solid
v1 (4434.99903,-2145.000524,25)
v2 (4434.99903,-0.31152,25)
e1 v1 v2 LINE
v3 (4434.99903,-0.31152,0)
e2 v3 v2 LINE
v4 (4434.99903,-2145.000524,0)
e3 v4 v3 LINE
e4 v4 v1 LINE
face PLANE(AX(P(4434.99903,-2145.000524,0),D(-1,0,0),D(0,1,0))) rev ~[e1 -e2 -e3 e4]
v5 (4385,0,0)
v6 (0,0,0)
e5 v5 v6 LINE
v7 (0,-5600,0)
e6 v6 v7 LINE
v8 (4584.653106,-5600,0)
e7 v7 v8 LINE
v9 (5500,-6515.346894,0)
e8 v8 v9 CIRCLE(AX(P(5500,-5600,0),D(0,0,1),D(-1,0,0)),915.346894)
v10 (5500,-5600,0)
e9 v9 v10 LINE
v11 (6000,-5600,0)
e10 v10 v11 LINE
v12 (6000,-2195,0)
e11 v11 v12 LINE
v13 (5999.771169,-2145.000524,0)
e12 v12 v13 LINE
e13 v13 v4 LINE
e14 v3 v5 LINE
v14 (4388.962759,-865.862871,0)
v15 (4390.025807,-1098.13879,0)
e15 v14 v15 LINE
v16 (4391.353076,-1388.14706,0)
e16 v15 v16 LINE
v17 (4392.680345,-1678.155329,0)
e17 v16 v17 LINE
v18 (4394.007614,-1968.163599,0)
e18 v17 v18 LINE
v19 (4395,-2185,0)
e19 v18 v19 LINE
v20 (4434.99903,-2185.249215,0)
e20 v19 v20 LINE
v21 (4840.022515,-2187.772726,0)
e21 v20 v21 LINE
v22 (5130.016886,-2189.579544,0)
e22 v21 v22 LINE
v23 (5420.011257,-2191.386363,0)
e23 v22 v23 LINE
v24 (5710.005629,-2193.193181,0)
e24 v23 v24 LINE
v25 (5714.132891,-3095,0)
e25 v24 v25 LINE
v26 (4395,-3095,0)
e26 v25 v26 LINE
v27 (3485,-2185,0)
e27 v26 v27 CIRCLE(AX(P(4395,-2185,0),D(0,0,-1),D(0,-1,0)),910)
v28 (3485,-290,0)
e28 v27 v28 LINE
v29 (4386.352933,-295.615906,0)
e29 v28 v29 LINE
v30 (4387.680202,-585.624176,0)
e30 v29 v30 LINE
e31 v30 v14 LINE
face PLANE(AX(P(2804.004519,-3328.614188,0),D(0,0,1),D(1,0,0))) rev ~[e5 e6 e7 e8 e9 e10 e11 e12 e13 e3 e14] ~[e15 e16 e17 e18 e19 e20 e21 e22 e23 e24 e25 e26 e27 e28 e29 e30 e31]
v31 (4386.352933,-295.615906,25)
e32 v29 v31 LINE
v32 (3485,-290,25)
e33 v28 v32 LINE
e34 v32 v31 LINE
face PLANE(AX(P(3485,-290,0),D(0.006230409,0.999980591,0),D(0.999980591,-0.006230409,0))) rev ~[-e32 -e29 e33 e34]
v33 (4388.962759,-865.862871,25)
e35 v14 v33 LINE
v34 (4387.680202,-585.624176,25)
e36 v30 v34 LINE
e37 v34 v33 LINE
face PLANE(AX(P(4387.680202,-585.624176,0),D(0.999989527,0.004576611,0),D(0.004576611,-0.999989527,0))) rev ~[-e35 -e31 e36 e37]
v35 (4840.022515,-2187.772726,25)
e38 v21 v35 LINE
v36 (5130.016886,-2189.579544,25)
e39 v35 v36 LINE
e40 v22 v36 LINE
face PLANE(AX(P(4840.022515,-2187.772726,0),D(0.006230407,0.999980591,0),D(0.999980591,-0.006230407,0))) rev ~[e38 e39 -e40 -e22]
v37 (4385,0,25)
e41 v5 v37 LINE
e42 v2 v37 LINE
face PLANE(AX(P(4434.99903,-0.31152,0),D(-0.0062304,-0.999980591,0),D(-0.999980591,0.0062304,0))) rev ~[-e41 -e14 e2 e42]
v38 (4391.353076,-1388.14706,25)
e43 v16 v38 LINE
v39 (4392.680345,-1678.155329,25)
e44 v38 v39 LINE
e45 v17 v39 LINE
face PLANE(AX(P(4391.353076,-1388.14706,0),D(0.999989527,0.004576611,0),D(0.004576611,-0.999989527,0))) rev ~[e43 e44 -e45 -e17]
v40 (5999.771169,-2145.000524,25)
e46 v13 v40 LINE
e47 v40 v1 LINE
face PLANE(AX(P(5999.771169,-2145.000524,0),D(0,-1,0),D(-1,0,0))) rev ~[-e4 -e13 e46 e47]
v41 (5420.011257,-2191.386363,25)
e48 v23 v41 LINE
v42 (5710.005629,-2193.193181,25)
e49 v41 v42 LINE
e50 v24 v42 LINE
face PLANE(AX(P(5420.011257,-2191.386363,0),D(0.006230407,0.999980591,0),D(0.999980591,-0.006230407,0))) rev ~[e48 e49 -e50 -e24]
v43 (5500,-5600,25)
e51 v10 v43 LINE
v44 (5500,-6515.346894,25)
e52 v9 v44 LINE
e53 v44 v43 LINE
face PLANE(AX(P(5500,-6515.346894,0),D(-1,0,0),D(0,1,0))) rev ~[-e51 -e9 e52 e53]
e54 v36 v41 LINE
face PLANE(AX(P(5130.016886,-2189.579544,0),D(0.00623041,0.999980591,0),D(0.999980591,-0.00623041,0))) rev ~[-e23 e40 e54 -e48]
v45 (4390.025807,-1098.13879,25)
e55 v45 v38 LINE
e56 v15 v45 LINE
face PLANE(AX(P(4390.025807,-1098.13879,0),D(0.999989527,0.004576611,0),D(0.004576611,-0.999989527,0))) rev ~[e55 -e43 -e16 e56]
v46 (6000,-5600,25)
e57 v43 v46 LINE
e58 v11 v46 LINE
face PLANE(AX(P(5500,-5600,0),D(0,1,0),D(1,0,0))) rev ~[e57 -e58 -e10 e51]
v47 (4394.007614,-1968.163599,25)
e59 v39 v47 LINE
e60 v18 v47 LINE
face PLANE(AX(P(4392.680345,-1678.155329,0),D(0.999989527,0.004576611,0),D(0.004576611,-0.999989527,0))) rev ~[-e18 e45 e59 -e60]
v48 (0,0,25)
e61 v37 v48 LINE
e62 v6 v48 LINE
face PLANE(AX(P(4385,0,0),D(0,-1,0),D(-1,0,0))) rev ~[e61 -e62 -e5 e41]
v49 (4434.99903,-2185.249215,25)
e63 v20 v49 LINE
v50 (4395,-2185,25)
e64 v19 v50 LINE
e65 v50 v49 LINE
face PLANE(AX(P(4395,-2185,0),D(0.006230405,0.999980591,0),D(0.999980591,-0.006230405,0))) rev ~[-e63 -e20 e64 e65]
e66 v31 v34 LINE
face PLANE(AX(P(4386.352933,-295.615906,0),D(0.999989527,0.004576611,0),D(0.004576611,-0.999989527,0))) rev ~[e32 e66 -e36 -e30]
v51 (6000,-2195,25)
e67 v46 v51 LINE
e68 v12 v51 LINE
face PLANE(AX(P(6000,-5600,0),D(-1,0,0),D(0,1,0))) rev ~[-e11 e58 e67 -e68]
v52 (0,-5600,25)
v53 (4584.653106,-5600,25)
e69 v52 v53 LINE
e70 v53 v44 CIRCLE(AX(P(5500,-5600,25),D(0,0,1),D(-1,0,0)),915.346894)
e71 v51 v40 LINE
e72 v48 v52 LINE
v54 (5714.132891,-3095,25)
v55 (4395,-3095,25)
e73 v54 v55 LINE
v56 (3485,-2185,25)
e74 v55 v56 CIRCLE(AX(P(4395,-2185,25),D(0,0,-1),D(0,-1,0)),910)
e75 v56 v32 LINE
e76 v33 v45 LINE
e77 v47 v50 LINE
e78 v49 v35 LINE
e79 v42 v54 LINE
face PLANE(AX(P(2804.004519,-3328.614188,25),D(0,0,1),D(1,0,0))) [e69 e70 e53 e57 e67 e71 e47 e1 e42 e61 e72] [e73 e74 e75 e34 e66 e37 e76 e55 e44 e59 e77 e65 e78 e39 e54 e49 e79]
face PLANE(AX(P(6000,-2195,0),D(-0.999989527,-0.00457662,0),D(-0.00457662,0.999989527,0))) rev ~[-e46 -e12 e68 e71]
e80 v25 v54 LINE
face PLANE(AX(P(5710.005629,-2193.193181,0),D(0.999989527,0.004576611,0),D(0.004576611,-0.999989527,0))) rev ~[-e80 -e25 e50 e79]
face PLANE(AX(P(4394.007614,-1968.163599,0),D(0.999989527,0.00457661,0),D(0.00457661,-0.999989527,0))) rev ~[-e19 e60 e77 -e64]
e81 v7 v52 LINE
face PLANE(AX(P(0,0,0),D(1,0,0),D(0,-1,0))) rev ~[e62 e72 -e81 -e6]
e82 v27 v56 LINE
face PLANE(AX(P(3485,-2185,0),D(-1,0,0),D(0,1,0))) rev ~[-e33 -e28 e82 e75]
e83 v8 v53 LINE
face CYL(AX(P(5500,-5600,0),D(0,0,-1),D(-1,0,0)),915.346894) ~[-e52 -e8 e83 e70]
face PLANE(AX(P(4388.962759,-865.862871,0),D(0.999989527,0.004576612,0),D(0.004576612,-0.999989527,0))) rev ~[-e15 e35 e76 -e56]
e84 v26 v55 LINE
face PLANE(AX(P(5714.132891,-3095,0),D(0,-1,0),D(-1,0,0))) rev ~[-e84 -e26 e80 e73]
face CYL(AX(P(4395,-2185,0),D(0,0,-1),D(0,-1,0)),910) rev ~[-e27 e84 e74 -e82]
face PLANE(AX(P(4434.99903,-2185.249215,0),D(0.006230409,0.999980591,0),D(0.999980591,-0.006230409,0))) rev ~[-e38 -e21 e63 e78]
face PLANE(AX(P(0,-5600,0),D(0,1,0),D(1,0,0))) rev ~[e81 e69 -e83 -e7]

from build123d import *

# Parameters (mm, degrees)
F1_DEPTH = 25


with BuildPart() as f1:
    # F0 (on Top) → F1 (new body)
    with BuildSketch(Plane.XY):
        with BuildLine():
            Line((3485, 0), (0, 0))
            Line((0, 0), (0, -5600))
            Line((0, -5600), (4584.653106, -5600))
            ThreePointArc((4584.653106, -5600), (4852.752004, -6247.247996), (5500, -6515.346894))
            Line((5500, -6515.346894), (5500, -5600))
            Line((5500, -5600), (6000, -5600))
            Line((6000, -5600), (6000, -3095))
            Line((6000, -3095), (5714.132891, -3095))
            Line((5714.132891, -3095), (5424.146789, -3095))
            Line((5424.146789, -3095), (5134.160687, -3095))
            Line((5134.160687, -3095), (4840.022515, -3095))
            Line((4840.022515, -3095), (4395, -3095))
            ThreePointArc((4395, -3095), (3751.532829, -2828.467171), (3485, -2185))
            Line((3485, -2185), (3485, -1962.5))
            Line((3485, -1962.5), (3485, -1672.5))
            Line((3485, -1672.5), (3485, -1382.5))
            Line((3485, -1382.5), (3485, -1092.5))
            Line((3485, -1092.5), (3485, -870))
            Line((3485, -870), (3485, -580))
            Line((3485, -580), (3485, -290))
            Line((3485, -290), (3485, 0))
        make_face()
        Polygon((4385, 0), (3485, 0), (3485, -290), (4386.352933, -295.615906), align=None)
        Polygon((4434.99903, -0.31152), (4385, 0), (4386.352933, -295.615906), (4387.680202, -585.624176), (4388.962759, -865.862871), (4390.025807, -1098.13879), (4391.353076, -1388.14706), (4392.680345, -1678.155329), (4394.007614, -1968.163599), (4395, -2185), (4434.99903, -2185.249215), (4434.99903, -2145.000524), align=None)
        Polygon((5999.771169, -2145.000524), (4434.99903, -2145.000524), (4434.99903, -2185.249215), (4840.022515, -2187.772726), (5130.016886, -2189.579544), (5420.011257, -2191.386363), (5710.005629, -2193.193181), (6000, -2195), align=None)
        Polygon((5714.132891, -3095), (6000, -3095), (6000, -2195), (5710.005629, -2193.193181), align=None)
    extrude(amount=F1_DEPTH)


solid = f1.part
